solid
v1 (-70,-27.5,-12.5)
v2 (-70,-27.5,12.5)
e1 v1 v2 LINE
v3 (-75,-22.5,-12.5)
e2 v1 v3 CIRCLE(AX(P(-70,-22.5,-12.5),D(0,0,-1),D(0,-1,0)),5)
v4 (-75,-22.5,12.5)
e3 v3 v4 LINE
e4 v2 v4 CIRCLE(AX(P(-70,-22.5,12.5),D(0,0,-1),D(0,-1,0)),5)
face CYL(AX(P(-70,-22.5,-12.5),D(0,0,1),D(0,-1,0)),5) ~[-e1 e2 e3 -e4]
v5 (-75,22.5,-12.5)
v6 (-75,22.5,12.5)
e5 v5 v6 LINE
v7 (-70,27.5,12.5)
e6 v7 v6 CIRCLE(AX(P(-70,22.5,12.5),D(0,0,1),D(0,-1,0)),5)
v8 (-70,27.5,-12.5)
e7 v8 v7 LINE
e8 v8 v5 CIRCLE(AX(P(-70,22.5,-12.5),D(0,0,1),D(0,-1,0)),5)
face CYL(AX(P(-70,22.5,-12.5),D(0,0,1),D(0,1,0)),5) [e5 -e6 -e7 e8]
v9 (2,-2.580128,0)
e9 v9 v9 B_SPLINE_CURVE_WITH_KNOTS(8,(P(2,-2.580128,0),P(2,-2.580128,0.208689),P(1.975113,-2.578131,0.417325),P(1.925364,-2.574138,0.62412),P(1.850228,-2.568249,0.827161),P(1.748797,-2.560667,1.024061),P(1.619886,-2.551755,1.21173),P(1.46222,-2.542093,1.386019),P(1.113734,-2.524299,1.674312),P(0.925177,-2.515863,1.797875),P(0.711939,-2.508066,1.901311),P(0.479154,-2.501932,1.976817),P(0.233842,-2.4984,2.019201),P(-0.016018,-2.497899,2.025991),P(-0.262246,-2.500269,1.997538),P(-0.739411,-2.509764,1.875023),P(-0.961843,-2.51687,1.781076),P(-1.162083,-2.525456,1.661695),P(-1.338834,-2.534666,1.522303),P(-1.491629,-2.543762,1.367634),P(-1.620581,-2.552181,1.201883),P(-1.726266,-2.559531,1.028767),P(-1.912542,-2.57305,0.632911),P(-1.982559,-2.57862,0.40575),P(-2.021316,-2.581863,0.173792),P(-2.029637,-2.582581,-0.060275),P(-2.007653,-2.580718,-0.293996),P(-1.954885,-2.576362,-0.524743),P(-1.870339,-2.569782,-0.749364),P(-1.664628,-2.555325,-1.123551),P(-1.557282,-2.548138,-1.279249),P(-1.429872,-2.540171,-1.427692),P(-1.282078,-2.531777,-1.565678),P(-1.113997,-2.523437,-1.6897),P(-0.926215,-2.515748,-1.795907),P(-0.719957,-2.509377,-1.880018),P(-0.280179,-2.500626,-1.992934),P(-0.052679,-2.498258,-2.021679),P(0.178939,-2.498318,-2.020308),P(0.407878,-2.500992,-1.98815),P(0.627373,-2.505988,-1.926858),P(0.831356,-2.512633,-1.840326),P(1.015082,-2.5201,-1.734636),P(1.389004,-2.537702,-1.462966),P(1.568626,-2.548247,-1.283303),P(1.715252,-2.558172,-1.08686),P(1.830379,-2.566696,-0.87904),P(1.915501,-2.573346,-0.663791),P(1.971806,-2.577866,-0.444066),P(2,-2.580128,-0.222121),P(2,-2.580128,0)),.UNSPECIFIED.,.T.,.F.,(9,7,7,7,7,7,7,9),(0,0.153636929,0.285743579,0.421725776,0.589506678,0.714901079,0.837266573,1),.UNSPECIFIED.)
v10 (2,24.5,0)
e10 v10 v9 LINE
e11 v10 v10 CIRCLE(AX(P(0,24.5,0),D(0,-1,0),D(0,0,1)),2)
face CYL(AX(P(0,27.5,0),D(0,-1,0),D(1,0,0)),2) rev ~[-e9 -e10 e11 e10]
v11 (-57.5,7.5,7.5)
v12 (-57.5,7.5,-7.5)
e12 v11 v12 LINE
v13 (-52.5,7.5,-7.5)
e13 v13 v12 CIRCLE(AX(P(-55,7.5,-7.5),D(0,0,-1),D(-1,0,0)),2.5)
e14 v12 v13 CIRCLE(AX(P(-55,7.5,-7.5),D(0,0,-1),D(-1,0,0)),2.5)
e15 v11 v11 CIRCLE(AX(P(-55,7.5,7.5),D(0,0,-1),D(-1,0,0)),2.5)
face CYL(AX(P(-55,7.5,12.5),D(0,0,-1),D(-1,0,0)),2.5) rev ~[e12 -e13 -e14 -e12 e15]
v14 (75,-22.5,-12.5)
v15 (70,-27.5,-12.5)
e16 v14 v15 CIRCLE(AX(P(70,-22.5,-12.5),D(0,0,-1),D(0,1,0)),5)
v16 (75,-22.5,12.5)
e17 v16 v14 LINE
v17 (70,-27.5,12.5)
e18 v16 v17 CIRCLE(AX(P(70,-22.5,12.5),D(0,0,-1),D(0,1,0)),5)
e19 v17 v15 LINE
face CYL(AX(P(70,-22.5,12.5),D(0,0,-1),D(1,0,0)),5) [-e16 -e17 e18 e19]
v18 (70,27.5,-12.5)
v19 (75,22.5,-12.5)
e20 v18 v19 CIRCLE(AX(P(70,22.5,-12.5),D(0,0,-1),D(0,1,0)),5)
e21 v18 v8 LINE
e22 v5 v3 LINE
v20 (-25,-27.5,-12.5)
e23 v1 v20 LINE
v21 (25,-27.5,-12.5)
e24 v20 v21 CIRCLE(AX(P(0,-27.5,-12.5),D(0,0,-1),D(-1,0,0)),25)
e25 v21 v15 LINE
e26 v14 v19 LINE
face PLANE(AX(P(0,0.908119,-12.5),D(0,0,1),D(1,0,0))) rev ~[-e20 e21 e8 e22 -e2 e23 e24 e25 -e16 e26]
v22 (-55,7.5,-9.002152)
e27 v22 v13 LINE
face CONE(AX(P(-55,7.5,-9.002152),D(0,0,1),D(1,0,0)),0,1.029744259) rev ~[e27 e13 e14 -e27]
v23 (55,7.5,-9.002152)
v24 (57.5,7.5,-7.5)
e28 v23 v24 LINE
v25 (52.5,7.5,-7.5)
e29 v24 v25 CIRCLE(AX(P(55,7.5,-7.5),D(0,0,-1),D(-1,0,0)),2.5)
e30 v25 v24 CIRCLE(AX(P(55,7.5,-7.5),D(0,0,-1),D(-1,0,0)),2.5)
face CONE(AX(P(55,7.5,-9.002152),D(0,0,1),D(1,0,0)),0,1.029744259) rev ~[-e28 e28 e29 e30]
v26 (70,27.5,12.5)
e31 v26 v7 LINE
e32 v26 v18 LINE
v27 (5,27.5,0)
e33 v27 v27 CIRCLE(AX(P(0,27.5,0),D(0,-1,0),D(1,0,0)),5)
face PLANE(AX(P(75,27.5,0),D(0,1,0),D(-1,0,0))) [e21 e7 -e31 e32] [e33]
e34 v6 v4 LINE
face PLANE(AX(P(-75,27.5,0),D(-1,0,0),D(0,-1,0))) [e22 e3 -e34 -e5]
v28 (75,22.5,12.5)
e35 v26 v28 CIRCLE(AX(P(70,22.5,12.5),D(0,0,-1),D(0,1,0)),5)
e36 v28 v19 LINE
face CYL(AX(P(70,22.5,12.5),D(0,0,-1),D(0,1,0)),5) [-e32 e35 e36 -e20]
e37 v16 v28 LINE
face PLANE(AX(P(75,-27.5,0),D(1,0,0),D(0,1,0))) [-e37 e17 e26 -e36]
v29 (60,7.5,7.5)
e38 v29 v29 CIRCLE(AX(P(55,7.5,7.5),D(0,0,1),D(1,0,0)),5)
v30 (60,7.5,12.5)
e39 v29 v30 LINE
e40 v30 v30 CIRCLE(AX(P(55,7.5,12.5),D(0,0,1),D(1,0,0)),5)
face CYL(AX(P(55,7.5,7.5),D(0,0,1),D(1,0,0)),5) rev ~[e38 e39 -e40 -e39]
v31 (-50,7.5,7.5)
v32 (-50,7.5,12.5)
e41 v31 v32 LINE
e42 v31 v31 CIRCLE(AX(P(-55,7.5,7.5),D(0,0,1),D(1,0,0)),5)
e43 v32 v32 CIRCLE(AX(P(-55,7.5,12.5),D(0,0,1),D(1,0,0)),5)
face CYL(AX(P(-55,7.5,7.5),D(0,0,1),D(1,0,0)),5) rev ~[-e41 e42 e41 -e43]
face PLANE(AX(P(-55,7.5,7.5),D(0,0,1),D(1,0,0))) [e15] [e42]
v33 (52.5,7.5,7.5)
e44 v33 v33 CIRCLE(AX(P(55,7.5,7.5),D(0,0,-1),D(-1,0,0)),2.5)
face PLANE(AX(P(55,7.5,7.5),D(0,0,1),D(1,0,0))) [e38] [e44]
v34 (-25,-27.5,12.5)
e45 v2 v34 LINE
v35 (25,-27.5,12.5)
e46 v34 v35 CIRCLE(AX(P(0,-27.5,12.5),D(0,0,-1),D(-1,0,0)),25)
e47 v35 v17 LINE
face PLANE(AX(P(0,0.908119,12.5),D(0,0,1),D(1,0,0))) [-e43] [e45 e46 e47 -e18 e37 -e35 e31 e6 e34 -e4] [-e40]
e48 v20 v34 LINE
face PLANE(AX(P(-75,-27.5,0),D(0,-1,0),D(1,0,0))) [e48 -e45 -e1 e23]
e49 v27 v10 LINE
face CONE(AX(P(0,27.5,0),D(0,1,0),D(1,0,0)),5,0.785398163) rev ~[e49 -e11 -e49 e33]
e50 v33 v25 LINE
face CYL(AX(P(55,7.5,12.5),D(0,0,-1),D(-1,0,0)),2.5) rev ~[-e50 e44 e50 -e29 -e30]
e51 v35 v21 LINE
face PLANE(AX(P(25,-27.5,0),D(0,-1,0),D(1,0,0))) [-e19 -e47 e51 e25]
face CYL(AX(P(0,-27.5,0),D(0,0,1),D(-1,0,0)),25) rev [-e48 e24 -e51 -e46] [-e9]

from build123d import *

# Parameters (mm, degrees)
F1_DEPTH       = 12.5
F2_R           = 5
F4_D           = 5
F4_DEPTH       = 20
F4_CBORE_D     = 10
F4_CBORE_DEPTH = 5
F4_TIP         = 1.5021515476
F6_D           = 4
F6_CSINK_D     = 10
F6_CSINK_ANGLE = 90


with BuildPart() as f1:
    # F0 (on Top) → F1 (new body, symmetric)
    with BuildSketch(Plane.XY):
        with BuildLine():
            Line((75, 27.5), (-75, 27.5))
            Line((-75, 27.5), (-75, -27.5))
            Line((-75, -27.5), (-25, -27.5))
            ThreePointArc((-25, -27.5), (0, -2.5), (25, -27.5))
            Line((25, -27.5), (75, -27.5))
            Line((75, -27.5), (75, 27.5))
        make_face()
    extrude(amount=F1_DEPTH, both=True)

    # F2
    f2_edges = [f1.edges().sort_by_distance(p)[0] for p in [
        (75, 27.5, 0),
        (-75, 27.5, 0),
        (-75, -27.5, 0),
        (75, -27.5, 0),
    ]]
    fillet(f2_edges, radius=F2_R)

    # F4
    with Locations(Plane.XY.offset(12.5)):
        with Locations((-55, 7.5), (55, 7.5)):
            CounterBoreHole(F4_D / 2, F4_CBORE_D / 2, F4_CBORE_DEPTH, depth=F4_DEPTH)
            with Locations((0, 0, -(F4_DEPTH + F4_TIP / 2))):  # 118° drill point
                Cone(0, F4_D / 2, F4_TIP, mode=Mode.SUBTRACT)

    # F6 (through all)
    with Locations(Plane(origin=(0, 27.5, 0), x_dir=(-1, 0, 0), z_dir=(0, 1, 0))):
        with Locations((0, 0)):
            CounterSinkHole(F6_D / 2, F6_CSINK_D / 2, counter_sink_angle=F6_CSINK_ANGLE)


solid = f1.part
